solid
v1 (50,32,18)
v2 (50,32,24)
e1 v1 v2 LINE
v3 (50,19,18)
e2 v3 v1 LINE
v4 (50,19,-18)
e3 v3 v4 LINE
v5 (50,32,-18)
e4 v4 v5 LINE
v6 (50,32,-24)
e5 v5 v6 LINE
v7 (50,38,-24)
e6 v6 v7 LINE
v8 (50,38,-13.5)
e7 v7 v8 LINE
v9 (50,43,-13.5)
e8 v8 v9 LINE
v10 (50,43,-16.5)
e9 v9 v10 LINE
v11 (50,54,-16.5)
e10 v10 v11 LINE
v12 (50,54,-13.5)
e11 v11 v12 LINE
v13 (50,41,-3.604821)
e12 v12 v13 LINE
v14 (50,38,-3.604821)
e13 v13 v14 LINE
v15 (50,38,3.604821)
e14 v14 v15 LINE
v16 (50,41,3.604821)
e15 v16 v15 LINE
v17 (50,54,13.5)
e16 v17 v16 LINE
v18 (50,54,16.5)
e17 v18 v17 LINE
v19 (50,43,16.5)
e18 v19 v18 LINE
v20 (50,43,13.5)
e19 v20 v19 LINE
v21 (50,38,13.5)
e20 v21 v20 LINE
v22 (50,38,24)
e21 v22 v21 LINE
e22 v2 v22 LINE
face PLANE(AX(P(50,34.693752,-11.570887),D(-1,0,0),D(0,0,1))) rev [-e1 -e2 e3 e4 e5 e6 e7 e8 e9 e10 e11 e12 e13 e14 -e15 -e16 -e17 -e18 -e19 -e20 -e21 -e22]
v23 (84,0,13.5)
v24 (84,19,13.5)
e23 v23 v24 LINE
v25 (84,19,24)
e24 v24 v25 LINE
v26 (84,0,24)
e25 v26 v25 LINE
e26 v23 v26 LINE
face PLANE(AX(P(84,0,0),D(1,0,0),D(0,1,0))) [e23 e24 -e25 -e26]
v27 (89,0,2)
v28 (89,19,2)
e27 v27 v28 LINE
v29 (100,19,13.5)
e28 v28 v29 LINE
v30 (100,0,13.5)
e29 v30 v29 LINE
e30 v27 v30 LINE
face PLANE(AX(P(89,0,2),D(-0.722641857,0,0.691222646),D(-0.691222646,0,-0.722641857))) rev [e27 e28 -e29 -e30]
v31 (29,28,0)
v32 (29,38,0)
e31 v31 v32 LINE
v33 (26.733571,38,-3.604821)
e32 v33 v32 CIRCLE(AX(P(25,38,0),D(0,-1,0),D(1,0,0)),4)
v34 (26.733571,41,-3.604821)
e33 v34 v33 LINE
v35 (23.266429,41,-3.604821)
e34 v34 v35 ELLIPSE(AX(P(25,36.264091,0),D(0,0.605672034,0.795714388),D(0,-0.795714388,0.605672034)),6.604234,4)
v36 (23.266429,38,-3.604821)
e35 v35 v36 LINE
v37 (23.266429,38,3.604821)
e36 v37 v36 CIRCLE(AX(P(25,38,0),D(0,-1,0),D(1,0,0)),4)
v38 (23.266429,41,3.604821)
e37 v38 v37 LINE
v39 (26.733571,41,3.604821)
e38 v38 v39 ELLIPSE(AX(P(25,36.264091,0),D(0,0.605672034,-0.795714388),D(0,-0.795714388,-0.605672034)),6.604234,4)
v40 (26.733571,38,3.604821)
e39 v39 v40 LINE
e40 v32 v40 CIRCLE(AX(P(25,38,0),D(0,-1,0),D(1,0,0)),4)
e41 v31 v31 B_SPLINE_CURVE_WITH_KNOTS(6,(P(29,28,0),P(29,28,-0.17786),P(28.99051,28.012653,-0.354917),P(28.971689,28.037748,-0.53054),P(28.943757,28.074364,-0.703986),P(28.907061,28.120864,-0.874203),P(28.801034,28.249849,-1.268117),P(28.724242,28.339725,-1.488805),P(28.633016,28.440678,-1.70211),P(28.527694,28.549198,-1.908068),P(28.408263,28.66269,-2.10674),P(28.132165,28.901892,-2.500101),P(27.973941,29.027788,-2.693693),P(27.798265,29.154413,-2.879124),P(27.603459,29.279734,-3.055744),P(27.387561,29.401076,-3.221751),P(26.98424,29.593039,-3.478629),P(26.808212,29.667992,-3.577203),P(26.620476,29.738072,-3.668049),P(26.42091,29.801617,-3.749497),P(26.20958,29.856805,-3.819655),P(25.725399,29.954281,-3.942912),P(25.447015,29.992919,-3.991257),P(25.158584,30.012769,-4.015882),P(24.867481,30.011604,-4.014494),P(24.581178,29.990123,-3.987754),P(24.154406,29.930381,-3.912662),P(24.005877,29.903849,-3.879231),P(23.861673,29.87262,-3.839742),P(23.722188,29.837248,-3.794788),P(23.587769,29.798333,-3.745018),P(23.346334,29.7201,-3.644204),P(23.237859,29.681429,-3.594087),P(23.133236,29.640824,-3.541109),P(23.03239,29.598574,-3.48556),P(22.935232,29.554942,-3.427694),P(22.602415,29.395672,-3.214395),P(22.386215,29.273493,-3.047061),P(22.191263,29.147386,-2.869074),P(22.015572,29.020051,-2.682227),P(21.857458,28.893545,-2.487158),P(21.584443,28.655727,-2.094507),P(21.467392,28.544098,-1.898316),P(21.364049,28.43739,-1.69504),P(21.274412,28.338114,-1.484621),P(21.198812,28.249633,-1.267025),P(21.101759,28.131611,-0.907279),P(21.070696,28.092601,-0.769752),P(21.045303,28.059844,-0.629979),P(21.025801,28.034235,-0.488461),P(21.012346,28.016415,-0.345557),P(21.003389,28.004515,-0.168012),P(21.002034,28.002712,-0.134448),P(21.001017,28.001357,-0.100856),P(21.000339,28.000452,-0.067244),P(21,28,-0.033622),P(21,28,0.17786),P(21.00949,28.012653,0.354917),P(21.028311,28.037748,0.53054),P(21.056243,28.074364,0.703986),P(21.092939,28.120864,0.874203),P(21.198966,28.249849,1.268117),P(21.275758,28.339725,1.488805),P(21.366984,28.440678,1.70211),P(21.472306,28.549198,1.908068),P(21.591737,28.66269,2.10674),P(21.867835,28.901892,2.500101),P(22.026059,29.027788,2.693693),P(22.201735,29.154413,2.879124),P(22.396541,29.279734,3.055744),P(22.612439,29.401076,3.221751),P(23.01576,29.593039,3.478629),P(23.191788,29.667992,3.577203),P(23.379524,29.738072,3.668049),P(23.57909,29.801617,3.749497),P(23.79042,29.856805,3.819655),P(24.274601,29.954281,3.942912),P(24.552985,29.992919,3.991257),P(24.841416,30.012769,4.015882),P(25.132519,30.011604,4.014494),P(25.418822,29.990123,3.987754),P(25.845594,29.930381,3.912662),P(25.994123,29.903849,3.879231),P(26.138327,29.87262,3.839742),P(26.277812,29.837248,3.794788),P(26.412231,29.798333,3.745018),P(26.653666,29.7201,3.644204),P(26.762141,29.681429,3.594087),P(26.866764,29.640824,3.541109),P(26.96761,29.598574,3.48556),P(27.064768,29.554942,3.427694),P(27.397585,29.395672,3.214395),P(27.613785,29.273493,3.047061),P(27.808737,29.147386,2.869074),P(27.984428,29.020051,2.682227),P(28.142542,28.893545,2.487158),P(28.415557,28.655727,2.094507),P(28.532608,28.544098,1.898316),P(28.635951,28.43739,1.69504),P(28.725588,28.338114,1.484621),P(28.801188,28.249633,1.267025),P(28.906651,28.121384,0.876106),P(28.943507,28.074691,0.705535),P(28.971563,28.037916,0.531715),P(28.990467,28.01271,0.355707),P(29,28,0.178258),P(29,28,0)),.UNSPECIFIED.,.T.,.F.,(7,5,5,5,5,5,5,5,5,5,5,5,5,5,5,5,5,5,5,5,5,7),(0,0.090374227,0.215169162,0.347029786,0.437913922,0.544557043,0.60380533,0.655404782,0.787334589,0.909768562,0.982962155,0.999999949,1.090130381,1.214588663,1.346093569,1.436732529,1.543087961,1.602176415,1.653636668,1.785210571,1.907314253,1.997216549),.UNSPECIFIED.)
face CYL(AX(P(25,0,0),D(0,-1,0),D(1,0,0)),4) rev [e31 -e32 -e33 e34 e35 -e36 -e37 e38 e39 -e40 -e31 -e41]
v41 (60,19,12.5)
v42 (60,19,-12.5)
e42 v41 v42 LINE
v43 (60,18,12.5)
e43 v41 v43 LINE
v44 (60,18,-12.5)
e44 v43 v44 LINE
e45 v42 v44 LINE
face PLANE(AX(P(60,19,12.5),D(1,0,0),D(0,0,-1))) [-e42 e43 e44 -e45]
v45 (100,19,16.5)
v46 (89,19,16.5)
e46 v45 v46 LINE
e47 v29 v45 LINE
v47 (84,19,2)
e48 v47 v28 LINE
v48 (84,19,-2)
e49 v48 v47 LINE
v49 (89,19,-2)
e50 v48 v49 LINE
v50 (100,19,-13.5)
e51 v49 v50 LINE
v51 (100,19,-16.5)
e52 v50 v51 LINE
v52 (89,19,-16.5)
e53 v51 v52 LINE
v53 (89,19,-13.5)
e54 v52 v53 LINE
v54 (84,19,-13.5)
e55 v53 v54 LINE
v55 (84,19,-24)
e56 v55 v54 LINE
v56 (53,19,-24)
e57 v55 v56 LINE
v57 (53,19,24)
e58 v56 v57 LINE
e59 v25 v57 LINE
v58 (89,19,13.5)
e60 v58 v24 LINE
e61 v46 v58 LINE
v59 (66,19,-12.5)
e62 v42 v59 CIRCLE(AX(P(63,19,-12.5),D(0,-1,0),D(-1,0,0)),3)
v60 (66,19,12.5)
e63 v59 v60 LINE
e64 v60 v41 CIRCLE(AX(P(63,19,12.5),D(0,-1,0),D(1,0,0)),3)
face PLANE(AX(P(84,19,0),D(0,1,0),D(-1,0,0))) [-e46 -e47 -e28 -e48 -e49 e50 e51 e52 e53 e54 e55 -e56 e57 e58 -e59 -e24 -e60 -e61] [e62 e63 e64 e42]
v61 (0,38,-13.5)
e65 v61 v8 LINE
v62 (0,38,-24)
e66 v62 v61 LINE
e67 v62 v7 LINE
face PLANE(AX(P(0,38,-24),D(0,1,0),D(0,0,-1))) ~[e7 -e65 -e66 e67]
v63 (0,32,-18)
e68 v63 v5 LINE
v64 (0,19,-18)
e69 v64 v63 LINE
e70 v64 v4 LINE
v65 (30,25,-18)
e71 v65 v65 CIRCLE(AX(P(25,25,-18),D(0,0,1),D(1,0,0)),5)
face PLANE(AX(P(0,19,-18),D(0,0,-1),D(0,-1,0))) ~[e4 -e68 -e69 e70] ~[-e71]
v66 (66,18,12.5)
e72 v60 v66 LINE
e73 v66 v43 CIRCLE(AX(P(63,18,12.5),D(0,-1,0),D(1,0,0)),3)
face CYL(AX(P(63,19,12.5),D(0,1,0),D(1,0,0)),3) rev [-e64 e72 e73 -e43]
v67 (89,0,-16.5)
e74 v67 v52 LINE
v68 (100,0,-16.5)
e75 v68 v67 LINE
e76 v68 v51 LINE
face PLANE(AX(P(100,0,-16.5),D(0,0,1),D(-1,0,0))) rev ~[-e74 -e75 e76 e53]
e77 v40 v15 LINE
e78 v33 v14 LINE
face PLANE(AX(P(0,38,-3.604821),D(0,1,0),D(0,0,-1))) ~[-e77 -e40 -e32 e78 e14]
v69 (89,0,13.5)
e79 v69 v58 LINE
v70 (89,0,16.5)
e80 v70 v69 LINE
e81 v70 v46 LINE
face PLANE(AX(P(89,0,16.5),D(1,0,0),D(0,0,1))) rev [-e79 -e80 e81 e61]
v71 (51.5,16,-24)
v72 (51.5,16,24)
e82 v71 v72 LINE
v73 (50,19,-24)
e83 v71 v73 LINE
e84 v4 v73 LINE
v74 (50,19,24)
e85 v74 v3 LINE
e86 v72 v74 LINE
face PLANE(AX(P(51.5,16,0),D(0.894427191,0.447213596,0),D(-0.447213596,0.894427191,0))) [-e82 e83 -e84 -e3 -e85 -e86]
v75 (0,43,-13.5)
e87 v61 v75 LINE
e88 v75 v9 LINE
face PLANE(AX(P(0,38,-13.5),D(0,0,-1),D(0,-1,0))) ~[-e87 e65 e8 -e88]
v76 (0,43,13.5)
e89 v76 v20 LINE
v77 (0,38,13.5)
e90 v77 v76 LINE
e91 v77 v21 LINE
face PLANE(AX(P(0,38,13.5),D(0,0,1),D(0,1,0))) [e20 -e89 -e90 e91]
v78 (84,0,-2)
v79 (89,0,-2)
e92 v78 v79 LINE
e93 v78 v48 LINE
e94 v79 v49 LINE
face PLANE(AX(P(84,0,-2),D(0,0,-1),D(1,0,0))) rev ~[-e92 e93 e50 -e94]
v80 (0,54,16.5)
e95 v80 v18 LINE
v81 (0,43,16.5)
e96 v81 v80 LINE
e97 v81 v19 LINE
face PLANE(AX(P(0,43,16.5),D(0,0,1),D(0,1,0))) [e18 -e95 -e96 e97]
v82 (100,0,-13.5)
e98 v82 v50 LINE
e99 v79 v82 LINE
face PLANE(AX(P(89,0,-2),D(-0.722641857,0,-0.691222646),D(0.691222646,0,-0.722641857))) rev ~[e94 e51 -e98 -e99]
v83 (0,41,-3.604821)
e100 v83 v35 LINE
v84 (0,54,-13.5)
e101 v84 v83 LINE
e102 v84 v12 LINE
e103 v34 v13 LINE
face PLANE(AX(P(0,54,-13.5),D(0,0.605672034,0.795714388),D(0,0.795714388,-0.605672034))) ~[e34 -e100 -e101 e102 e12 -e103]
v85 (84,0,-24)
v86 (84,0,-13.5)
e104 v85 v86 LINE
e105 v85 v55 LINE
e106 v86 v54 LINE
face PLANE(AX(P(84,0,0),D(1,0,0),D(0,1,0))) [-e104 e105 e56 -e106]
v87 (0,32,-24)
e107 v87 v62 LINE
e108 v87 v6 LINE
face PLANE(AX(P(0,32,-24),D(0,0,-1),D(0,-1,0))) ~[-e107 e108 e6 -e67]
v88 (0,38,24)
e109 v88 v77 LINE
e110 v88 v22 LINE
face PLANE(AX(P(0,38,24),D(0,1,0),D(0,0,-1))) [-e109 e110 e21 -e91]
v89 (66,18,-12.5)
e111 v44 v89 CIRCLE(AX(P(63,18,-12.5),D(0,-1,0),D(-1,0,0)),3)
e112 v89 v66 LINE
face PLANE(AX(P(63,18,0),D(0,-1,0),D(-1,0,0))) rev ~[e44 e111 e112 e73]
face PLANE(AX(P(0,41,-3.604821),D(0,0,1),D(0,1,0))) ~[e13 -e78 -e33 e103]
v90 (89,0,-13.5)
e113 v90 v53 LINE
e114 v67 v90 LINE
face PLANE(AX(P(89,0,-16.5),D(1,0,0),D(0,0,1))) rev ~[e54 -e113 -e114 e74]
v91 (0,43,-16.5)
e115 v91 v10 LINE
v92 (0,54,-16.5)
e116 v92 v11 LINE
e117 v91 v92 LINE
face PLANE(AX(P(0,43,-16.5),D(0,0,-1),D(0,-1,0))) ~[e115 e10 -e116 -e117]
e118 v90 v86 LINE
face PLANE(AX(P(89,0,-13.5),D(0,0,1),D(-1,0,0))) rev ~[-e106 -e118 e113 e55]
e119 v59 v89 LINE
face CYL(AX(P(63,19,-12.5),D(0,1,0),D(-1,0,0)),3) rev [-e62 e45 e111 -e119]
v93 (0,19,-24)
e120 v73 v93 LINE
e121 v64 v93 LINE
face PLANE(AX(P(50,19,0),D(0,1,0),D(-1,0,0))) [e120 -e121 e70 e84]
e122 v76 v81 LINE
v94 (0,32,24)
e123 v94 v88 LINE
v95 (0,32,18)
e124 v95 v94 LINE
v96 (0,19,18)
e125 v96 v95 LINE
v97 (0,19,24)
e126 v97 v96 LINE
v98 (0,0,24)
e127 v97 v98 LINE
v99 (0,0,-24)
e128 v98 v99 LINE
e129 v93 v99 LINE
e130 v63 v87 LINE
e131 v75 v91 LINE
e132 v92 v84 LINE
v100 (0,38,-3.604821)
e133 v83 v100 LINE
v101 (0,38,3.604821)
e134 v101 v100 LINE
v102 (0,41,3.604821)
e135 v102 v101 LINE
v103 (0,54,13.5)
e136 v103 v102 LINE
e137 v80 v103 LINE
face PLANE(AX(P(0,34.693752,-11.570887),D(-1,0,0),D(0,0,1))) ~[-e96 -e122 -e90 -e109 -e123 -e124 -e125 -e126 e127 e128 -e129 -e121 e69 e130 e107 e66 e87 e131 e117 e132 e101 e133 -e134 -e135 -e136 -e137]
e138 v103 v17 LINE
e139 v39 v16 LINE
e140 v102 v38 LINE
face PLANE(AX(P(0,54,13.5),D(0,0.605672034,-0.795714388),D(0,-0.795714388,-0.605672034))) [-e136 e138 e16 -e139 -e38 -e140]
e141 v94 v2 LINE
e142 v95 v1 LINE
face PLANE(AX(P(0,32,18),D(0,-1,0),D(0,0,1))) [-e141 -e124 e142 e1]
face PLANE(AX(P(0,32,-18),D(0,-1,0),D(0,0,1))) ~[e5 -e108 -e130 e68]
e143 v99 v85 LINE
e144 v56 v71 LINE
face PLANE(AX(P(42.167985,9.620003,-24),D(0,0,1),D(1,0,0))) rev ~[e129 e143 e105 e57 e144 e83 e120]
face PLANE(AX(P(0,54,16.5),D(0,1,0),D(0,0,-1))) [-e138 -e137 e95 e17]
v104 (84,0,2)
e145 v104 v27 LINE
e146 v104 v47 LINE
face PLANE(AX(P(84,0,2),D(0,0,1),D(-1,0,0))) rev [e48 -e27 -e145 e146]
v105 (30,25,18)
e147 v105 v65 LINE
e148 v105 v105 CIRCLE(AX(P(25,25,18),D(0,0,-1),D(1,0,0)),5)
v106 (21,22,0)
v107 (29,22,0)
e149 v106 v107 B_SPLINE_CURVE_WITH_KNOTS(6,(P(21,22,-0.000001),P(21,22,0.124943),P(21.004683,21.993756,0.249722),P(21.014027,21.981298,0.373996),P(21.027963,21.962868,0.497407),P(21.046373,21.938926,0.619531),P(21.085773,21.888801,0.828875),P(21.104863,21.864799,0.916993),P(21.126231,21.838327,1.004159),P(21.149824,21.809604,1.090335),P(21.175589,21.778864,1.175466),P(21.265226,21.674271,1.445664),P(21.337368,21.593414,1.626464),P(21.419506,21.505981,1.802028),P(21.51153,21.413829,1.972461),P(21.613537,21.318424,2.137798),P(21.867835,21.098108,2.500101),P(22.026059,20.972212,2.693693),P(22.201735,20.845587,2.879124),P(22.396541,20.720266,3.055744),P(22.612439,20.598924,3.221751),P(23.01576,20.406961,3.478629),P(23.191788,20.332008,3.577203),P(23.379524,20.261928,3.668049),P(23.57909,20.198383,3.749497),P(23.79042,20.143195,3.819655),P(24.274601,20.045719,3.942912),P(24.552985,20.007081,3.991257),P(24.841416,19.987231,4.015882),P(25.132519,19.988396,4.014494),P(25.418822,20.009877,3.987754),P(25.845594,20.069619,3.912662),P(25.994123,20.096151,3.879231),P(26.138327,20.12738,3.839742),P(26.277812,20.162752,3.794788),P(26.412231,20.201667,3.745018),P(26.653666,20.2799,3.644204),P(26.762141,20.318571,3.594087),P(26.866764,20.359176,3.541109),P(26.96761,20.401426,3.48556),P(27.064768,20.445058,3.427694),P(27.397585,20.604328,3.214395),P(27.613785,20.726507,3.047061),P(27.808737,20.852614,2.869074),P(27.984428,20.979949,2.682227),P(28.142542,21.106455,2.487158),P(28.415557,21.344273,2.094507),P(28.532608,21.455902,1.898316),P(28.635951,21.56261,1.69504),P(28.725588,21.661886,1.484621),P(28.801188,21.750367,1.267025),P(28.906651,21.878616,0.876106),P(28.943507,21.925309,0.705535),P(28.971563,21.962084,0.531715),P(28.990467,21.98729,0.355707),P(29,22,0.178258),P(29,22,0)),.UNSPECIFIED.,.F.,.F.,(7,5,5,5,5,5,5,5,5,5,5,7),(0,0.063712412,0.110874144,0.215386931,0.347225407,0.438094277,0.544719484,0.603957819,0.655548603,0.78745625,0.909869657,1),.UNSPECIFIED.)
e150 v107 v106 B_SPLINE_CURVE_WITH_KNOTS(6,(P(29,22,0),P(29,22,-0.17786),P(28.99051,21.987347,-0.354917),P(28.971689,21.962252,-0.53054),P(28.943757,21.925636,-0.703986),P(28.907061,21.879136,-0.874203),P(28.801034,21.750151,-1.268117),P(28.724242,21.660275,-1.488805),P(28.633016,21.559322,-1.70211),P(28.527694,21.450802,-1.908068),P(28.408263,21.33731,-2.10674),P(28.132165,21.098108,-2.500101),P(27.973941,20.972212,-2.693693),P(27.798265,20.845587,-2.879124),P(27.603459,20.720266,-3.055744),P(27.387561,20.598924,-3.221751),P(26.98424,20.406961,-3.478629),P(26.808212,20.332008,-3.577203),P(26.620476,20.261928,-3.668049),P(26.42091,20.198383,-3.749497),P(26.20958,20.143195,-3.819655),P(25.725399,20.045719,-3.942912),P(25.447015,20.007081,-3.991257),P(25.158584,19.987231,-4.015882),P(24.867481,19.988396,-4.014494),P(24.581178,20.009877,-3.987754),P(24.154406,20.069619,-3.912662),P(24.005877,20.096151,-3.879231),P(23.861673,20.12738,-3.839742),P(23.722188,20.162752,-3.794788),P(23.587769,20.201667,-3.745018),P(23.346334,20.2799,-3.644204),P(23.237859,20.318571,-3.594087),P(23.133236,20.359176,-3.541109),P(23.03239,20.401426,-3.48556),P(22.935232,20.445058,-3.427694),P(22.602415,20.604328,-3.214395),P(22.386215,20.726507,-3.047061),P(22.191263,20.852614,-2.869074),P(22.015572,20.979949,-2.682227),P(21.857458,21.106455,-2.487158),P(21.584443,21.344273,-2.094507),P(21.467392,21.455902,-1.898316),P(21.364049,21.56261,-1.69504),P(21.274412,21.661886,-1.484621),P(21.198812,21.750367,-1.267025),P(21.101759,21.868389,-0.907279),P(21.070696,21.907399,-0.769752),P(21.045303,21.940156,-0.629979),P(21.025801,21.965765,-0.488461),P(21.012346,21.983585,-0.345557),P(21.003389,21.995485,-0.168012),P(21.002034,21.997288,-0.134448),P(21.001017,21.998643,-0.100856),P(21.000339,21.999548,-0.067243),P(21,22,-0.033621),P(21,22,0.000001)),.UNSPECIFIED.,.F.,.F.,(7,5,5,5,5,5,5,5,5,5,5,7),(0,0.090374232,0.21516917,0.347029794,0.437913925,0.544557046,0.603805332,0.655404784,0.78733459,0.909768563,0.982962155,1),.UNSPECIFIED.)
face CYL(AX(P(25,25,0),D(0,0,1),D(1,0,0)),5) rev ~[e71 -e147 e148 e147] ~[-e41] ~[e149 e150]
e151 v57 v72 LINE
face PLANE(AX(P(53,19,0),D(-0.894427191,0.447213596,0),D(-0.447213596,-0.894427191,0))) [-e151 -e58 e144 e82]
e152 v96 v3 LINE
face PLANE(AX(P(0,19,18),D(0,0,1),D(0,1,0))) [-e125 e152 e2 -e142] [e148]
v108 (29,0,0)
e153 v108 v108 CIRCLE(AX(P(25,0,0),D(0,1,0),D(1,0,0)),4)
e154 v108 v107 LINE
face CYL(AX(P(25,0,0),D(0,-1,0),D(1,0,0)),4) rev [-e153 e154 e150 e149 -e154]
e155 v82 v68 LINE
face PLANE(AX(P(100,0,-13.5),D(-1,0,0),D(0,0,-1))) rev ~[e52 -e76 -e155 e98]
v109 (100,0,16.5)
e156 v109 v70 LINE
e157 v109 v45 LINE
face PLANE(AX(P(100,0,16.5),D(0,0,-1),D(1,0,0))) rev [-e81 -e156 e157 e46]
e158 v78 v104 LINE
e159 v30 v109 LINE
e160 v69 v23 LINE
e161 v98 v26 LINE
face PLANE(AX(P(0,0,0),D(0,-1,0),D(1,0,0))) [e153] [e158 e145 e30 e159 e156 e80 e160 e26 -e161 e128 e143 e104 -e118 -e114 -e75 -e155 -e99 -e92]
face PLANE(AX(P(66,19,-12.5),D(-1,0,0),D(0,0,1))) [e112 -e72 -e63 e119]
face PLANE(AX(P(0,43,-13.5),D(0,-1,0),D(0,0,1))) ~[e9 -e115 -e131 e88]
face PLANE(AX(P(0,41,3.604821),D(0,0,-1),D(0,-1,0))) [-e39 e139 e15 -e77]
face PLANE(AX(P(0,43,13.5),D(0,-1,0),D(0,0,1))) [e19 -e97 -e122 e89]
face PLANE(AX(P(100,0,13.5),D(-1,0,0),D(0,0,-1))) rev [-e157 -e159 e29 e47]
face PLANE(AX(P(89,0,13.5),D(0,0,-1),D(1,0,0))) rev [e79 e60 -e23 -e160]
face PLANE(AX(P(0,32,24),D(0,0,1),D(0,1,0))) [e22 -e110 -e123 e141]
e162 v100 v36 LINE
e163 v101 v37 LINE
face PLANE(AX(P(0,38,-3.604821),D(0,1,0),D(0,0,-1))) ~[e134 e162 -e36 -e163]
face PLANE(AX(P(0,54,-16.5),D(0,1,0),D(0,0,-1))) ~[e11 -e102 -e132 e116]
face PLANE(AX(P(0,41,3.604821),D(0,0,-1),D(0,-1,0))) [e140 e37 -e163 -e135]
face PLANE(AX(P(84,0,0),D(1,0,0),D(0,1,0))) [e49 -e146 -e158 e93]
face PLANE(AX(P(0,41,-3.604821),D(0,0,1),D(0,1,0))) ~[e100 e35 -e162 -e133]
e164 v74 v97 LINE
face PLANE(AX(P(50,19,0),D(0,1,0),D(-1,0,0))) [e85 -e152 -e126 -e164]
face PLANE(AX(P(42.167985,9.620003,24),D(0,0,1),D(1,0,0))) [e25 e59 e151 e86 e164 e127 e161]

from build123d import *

# Parameters (mm, degrees)
BOSS_EXTRUDE2_DEPTH     = 24
BOSS_EXTRUDE3_DEPTH     = 19
CUT_EXTRUDE1_DEPTH      = 1
BOSS_EXTRUDE4_DEPTH     = 50
SKETCH5_R               = 4
CUT_EXTRUDE2_DEPTH      = 55
SKETCH6_R               = 5
CUT_EXTRUDE3_DEPTH      = 25
CUT_EXTRUDE3_DEPTH_BACK = 25


with BuildPart() as part:
    # Sketch1 → Boss-Extrude2 (new body, symmetric)
    with BuildSketch(Plane.XY):
        Polygon((0, 0), (84, 0), (84, 19), (53, 19), (51.5, 16), (50, 19), (0, 19), align=None)
    extrude(amount=BOSS_EXTRUDE2_DEPTH, both=True)

    # Sketch2 → Boss-Extrude3 (add)
    with BuildSketch(Plane(origin=(0, 0, 0), x_dir=(1, 0, 0), z_dir=(0, 1, 0))):
        Polygon((84, 2), (89, 2), (100, 13.5), (100, 16.5), (89, 16.5), (89, 13.5), (84, 13.5), align=None)
    boss_extrude3 = extrude(amount=BOSS_EXTRUDE3_DEPTH)

    # Mirror1: Boss-Extrude3 across plane
    add(boss_extrude3.mirror(Plane.XY))

    # Sketch3 → Cut-Extrude1 (cut)
    with BuildSketch(Plane(origin=(0, 19, 0), x_dir=(1, 0, 0), z_dir=(0, 1, 0))):
        with BuildLine():
            Line((66, 12.5), (66, -12.5))
            ThreePointArc((66, -12.5), (63, -15.5), (60, -12.5))
            Line((60, -12.5), (60, 12.5))
            ThreePointArc((60, 12.5), (63, 15.5), (66, 12.5))
        make_face()
    extrude(amount=-CUT_EXTRUDE1_DEPTH, mode=Mode.SUBTRACT)

    # Sketch4 → Boss-Extrude4 (add)
    with BuildSketch(Plane(origin=(0, 0, 0), x_dir=(0, 0, -1), z_dir=(1, 0, 0))):
        Polygon((-18, 19), (-18, 32), (-24, 32), (-24, 38), (-13.5, 38), (-13.5, 43), (-16.5, 43), (-16.5, 54), (-13.5, 54), (-3.604820816, 41), (-3.604820816, 38), (0, 38), (0, 19), align=None)
    boss_extrude4 = extrude(amount=BOSS_EXTRUDE4_DEPTH)

    # Mirror2: Boss-Extrude4 across plane
    add(boss_extrude4.mirror(Plane.XY))

    # Sketch5 → Cut-Extrude2 (cut, through all)
    with BuildSketch(Plane(origin=(0, 0, 0), x_dir=(1, 0, 0), z_dir=(0, 1, 0))):
        with Locations((25, 0)):
            Circle(SKETCH5_R)
    extrude(amount=CUT_EXTRUDE2_DEPTH, mode=Mode.SUBTRACT)

    # Sketch6 → Cut-Extrude3 (cut, two sides)
    with BuildSketch(Plane.XY) as cut_extrude3_sk:
        with Locations((25, 25)):
            Circle(SKETCH6_R)
    extrude(amount=CUT_EXTRUDE3_DEPTH, mode=Mode.SUBTRACT)
    extrude(cut_extrude3_sk.sketch, amount=-CUT_EXTRUDE3_DEPTH_BACK, mode=Mode.SUBTRACT)


solid = part.part
